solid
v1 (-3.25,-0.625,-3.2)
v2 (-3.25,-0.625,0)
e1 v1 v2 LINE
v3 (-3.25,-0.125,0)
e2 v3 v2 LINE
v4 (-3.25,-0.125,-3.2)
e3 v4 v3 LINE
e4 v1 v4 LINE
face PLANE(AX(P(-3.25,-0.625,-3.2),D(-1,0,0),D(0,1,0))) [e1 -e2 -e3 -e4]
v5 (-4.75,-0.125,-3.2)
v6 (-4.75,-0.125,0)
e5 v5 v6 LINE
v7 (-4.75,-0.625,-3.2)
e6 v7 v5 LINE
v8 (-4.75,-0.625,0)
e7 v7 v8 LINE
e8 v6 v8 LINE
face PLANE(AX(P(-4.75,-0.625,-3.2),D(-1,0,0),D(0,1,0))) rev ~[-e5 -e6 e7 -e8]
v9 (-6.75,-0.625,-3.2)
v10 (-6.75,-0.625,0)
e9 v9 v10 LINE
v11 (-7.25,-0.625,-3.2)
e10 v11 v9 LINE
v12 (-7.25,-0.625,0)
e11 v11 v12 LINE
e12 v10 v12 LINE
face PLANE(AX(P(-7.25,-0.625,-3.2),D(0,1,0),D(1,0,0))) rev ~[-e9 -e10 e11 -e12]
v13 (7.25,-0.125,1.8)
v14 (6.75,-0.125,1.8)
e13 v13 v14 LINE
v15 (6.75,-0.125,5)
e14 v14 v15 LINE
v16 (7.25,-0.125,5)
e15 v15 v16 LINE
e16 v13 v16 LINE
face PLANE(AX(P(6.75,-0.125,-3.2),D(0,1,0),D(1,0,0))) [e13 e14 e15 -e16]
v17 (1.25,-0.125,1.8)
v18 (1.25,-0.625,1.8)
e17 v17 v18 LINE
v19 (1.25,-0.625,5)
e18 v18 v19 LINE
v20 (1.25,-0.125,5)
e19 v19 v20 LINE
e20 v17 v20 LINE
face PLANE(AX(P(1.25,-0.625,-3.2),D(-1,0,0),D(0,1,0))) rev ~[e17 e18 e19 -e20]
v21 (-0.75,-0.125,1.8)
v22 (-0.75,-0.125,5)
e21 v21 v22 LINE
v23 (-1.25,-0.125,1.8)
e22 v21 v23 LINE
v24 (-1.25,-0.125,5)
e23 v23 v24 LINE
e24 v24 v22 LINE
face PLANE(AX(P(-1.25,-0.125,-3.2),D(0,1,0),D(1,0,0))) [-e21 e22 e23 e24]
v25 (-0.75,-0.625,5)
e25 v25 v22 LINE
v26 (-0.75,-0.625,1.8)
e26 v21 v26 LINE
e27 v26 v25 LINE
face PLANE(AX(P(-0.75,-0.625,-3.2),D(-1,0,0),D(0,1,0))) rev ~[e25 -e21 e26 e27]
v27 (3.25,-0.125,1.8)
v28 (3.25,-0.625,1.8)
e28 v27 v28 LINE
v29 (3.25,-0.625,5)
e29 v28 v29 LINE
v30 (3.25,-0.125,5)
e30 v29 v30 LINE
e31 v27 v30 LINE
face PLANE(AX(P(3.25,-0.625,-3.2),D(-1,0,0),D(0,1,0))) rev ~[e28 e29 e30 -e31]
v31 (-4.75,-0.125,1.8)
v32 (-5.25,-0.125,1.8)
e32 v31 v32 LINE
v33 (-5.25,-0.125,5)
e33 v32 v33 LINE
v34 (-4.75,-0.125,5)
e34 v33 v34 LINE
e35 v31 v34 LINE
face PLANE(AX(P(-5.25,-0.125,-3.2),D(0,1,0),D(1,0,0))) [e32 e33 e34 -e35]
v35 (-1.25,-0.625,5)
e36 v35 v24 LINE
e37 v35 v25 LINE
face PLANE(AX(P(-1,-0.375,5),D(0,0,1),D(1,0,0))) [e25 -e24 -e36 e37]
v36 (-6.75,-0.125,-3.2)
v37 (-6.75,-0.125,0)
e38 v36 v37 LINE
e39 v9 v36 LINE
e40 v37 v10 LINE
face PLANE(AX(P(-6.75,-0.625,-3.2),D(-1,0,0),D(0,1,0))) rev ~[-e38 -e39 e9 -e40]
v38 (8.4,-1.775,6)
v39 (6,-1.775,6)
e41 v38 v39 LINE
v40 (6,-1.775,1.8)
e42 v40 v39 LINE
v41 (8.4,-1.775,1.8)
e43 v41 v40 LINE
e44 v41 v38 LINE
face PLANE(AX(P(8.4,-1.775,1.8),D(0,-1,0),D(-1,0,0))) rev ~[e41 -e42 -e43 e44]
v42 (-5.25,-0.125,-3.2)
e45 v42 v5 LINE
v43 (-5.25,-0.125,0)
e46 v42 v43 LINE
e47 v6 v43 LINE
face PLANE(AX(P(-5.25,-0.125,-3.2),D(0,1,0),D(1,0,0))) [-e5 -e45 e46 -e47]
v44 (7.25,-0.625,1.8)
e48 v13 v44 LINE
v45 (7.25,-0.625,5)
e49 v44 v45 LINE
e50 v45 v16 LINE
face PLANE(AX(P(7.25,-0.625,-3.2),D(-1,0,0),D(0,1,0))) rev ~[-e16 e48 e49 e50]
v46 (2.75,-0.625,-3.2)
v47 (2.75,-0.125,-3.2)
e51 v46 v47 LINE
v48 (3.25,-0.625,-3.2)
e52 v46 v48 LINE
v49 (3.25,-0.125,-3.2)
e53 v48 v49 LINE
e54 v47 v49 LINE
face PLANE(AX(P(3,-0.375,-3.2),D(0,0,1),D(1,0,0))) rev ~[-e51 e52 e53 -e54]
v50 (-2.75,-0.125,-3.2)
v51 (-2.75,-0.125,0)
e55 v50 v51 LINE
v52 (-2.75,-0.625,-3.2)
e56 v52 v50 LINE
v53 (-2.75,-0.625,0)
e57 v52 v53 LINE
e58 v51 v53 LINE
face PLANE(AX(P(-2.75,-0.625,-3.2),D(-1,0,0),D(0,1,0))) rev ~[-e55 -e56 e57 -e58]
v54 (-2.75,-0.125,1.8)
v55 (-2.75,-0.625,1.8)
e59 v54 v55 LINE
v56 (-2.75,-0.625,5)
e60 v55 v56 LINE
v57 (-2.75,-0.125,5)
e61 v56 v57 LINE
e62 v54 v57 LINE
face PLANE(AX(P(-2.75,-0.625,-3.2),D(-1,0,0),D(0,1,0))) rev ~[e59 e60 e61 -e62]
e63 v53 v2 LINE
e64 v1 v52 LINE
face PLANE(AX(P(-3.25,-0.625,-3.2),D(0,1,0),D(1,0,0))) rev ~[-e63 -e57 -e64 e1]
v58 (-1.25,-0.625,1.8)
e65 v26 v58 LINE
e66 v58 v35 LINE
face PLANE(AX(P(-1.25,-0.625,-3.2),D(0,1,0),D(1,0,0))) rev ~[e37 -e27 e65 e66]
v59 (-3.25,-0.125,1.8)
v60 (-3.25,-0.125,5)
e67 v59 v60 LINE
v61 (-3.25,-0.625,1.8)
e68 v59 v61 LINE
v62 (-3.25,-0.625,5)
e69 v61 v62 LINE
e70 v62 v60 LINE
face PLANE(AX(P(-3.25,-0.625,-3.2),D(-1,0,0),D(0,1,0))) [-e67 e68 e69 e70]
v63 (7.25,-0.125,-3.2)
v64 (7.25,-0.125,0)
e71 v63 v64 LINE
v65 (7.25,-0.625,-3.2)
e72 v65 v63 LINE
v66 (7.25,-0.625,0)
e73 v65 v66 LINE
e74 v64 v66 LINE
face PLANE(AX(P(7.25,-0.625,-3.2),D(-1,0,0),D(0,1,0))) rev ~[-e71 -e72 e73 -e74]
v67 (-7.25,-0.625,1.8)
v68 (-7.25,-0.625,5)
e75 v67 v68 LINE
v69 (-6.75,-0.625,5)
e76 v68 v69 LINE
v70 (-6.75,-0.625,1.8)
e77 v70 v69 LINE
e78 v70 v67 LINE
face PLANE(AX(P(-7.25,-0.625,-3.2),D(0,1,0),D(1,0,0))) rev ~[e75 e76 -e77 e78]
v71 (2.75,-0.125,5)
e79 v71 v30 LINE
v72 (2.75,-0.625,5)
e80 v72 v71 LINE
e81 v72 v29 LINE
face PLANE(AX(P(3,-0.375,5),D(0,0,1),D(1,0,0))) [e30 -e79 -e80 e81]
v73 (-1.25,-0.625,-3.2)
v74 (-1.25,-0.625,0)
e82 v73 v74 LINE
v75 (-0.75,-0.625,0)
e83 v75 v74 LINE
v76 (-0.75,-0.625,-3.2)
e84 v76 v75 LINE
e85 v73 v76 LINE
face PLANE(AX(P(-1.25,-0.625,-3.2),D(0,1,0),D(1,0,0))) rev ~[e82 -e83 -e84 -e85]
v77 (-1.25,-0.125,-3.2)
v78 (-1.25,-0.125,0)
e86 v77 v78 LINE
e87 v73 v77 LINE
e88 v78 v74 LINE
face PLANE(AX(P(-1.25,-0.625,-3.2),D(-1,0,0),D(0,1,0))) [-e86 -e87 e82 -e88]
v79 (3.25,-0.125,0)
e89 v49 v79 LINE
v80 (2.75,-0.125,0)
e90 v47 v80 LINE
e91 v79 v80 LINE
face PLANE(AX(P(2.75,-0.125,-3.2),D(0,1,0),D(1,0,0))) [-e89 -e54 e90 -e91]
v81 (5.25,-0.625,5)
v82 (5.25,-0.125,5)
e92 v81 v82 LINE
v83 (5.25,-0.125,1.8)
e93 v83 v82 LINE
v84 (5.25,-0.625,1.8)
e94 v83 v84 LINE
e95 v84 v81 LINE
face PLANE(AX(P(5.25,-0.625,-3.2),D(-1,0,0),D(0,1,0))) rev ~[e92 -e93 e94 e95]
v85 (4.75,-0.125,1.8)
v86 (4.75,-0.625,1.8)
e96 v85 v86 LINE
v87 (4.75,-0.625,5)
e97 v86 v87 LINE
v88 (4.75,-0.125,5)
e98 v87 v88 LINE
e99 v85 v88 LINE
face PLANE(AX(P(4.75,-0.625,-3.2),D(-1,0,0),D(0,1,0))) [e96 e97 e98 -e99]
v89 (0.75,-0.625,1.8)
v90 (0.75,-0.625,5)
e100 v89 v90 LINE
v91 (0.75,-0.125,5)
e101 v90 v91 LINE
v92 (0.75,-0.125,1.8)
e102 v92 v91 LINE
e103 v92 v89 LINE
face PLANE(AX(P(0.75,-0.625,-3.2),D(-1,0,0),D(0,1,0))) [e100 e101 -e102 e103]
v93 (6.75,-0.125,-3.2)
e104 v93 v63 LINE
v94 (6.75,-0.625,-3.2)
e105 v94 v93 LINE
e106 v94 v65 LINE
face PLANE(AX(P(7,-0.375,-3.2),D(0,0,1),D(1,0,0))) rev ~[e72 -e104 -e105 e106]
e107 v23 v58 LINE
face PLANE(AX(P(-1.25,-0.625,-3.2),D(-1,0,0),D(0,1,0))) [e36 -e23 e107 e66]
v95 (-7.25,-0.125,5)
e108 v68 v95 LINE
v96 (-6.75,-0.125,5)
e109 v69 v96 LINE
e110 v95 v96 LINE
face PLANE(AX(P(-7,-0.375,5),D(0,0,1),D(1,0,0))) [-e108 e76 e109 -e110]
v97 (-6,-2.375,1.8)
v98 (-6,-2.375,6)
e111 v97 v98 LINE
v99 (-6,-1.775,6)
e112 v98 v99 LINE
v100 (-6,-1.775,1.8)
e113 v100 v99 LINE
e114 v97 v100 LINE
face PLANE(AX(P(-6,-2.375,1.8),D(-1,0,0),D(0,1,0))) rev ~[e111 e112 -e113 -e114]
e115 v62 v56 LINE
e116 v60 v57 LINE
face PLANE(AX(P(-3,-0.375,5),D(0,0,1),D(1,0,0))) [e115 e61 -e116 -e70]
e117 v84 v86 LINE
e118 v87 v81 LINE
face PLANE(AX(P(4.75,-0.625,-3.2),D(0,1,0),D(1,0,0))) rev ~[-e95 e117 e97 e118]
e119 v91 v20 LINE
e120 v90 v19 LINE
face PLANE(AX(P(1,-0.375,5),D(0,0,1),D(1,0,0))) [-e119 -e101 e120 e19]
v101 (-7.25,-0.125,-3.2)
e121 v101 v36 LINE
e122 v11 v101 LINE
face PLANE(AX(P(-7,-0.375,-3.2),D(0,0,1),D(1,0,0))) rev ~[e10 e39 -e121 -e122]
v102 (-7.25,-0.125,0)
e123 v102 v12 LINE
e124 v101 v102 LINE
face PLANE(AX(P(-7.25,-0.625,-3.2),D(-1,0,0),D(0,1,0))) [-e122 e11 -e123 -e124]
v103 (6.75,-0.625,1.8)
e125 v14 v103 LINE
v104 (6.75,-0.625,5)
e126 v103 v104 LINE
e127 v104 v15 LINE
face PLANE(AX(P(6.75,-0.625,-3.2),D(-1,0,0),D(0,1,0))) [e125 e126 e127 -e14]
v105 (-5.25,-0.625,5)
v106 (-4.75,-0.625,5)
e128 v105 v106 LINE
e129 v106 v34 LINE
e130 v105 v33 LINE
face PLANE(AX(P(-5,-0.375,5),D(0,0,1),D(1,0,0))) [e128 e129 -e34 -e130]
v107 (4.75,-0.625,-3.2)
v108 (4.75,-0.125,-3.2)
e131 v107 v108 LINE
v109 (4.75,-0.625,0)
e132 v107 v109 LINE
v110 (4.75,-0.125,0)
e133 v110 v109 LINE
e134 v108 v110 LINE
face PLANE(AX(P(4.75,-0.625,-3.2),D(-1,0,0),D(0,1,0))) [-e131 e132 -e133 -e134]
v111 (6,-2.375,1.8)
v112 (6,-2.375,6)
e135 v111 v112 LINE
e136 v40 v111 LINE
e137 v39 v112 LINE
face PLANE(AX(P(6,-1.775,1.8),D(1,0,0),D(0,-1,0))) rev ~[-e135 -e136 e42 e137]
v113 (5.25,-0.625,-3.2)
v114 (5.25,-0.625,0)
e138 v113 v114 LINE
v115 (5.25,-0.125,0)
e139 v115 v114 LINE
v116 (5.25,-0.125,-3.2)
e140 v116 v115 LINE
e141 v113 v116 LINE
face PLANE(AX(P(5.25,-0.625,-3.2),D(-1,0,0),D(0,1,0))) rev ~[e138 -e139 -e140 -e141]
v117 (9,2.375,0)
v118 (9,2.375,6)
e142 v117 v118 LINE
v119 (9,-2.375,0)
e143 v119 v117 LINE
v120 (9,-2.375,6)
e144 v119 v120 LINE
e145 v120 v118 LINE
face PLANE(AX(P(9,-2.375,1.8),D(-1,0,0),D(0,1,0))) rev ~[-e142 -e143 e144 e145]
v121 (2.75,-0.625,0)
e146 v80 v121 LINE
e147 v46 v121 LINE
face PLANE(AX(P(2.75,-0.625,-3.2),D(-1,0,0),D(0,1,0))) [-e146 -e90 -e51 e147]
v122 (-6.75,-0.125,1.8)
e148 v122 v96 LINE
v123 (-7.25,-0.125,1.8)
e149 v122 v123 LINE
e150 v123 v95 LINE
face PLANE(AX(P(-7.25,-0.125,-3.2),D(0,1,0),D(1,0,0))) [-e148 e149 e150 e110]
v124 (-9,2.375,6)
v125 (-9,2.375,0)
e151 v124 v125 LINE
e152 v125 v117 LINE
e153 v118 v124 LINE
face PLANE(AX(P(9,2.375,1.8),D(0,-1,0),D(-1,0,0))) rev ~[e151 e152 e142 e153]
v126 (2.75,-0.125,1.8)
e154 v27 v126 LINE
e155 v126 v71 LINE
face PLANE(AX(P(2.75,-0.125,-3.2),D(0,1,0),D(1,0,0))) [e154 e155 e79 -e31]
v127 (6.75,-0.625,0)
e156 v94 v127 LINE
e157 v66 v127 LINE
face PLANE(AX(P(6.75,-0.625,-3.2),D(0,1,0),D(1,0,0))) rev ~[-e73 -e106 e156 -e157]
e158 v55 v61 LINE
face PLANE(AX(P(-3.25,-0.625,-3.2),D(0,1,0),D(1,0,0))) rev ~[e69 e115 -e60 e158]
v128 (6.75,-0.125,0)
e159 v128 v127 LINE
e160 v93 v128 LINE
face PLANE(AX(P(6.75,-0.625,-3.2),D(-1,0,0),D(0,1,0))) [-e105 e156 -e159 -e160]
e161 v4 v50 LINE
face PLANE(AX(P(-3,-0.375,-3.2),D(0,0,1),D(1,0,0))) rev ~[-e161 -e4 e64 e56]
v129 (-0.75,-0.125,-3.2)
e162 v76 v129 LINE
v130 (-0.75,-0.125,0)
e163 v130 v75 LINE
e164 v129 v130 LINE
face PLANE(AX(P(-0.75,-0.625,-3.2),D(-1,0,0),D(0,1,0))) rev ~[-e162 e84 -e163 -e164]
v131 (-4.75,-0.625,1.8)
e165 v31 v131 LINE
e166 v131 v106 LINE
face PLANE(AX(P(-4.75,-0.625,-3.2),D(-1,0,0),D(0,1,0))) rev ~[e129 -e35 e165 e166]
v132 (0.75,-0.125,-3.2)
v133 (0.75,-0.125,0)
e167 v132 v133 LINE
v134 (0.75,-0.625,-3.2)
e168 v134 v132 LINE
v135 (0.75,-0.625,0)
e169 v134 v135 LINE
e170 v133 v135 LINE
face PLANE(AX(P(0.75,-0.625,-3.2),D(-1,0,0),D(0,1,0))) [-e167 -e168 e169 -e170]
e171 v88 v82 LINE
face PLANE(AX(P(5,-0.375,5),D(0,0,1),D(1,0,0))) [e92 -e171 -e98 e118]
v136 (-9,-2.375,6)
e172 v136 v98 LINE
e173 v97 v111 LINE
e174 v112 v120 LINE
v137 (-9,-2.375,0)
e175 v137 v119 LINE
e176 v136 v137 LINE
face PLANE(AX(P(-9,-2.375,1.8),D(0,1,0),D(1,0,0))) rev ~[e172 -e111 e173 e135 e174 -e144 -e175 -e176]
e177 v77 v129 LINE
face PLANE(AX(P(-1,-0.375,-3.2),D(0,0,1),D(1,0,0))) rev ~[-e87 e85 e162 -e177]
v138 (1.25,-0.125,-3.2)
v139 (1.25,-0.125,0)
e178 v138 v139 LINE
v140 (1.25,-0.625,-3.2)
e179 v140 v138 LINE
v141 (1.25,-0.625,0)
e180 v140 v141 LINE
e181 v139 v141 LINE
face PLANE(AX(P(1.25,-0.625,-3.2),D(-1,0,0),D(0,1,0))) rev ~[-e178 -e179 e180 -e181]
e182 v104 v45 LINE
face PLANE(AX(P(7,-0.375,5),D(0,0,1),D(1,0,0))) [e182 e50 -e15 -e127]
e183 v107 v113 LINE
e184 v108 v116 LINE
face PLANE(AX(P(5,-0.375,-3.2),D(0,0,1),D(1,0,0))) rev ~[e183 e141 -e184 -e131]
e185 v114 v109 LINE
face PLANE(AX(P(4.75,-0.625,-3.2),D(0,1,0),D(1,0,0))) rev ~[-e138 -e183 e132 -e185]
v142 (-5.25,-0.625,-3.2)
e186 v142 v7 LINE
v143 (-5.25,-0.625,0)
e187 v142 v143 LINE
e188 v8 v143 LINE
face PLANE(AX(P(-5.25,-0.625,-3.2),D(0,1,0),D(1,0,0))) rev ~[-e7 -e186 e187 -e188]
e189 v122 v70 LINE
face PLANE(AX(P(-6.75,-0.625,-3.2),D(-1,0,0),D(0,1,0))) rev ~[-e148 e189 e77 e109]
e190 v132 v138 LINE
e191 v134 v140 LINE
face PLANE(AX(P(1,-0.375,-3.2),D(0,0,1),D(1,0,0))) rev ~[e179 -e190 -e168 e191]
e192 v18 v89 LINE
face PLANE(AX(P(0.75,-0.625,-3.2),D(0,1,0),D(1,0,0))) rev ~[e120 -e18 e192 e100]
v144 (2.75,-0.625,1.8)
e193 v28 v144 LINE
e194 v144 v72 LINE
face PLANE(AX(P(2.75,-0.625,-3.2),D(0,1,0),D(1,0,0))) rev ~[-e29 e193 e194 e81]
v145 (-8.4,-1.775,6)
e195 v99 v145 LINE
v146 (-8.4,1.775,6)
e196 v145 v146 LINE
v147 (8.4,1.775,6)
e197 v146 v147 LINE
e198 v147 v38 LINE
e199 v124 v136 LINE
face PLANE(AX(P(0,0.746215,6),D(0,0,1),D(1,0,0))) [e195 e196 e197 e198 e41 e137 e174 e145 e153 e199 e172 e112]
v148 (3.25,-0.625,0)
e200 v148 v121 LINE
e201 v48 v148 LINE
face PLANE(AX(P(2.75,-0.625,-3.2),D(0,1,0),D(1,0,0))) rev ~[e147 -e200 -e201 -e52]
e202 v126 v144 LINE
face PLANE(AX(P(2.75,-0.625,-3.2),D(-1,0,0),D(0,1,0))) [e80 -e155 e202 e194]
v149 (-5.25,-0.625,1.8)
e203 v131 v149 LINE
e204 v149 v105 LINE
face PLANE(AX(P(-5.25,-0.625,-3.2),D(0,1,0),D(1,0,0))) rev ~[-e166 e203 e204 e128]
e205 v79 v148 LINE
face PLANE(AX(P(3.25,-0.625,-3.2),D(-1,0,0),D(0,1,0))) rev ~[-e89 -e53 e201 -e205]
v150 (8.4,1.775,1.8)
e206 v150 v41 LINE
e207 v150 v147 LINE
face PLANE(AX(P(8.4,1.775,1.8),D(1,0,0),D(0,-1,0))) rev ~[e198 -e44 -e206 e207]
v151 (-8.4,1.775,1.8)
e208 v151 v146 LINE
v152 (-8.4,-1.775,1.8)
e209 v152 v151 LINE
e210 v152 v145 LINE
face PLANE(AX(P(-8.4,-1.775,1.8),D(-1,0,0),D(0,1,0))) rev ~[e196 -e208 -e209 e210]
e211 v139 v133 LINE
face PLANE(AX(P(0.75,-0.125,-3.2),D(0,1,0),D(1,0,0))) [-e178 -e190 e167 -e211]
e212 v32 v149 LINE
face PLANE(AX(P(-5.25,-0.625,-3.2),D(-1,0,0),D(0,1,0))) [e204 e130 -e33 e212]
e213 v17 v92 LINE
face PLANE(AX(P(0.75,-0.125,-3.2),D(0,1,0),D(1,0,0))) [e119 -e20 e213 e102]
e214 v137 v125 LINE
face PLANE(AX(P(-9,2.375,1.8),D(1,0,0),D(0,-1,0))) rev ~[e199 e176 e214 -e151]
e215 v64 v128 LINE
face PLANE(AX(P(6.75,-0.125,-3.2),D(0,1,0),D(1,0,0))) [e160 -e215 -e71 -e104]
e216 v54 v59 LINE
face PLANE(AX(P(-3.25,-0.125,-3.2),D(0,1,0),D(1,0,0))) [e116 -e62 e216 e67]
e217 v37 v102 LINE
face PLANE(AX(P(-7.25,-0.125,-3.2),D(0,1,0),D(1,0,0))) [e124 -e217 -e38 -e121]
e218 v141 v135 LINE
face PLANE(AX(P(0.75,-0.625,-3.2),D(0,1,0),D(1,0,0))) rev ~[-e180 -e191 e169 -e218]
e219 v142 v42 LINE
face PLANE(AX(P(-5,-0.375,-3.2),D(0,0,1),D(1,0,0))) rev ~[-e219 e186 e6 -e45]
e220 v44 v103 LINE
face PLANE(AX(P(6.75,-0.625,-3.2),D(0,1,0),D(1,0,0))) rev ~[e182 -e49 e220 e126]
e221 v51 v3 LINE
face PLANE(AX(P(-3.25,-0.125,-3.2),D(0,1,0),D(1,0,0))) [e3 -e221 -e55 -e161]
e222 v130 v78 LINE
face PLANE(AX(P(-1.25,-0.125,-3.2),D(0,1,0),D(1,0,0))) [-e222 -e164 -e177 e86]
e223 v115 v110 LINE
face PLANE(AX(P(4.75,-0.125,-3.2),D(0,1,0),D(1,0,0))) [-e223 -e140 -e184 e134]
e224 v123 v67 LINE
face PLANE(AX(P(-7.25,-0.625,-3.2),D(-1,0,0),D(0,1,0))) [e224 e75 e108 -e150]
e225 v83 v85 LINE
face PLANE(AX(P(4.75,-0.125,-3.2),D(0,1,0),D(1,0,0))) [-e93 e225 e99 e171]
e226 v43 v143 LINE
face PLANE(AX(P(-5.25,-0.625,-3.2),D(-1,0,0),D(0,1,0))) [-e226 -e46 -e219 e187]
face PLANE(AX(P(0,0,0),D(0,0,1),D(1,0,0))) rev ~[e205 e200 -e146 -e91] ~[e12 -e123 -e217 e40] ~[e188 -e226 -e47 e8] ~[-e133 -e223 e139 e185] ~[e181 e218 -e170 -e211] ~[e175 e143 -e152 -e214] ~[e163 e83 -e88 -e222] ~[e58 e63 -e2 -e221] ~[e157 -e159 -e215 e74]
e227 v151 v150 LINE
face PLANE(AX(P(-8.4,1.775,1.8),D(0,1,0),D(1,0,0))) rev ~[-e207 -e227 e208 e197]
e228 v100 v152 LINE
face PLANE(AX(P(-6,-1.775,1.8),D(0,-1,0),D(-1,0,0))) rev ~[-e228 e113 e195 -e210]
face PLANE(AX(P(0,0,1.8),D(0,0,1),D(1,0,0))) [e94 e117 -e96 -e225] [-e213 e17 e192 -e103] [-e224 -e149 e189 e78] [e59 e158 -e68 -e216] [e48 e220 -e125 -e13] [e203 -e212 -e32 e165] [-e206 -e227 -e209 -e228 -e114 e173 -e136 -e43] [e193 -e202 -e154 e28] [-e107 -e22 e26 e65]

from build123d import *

# Parameters (mm, degrees)
SKETCH1_W           = 18
SKETCH1_H           = 4.75
BOSS_EXTRUDE1_DEPTH = 1.8
BOSS_EXTRUDE2_DEPTH = 4.2
BOSS_EXTRUDE3_START = -5
SKETCH3_W           = 0.5
SKETCH3_H           = 0.5
BOSS_EXTRUDE3_DEPTH = 8.2
LPATTERN1_COUNT     = 8
LPATTERN1_PITCH     = 2


with BuildPart() as part:
    # Sketch1 → Boss-Extrude1 (new body)
    with BuildSketch(Plane.XY):
        Rectangle(SKETCH1_W, SKETCH1_H)
    extrude(amount=BOSS_EXTRUDE1_DEPTH)

    # Sketch2 → Boss-Extrude2 (add)
    with BuildSketch(Plane.XY.offset(1.8)):
        Polygon((-6, -2.375), (-6, -1.775), (-8.4, -1.775), (-8.4, 1.775), (8.4, 1.775), (8.4, -1.775), (6, -1.775), (6, -2.375), (9, -2.375), (9, 2.375), (-9, 2.375), (-9, -2.375), align=None)
    extrude(amount=BOSS_EXTRUDE2_DEPTH)

    # Sketch3 → Boss-Extrude3 (add)
    with BuildSketch(Plane.XY.offset(1.8).offset(BOSS_EXTRUDE3_START)):
        with Locations((-7, -0.375)):
            Rectangle(SKETCH3_W, SKETCH3_H)
    boss_extrude3 = extrude(amount=BOSS_EXTRUDE3_DEPTH)

    # LPattern1: Boss-Extrude3 ×8
    with Locations(*[(i * LPATTERN1_PITCH, 0, 0) for i in range(1, LPATTERN1_COUNT)]):
        add(boss_extrude3)


solid = part.part
